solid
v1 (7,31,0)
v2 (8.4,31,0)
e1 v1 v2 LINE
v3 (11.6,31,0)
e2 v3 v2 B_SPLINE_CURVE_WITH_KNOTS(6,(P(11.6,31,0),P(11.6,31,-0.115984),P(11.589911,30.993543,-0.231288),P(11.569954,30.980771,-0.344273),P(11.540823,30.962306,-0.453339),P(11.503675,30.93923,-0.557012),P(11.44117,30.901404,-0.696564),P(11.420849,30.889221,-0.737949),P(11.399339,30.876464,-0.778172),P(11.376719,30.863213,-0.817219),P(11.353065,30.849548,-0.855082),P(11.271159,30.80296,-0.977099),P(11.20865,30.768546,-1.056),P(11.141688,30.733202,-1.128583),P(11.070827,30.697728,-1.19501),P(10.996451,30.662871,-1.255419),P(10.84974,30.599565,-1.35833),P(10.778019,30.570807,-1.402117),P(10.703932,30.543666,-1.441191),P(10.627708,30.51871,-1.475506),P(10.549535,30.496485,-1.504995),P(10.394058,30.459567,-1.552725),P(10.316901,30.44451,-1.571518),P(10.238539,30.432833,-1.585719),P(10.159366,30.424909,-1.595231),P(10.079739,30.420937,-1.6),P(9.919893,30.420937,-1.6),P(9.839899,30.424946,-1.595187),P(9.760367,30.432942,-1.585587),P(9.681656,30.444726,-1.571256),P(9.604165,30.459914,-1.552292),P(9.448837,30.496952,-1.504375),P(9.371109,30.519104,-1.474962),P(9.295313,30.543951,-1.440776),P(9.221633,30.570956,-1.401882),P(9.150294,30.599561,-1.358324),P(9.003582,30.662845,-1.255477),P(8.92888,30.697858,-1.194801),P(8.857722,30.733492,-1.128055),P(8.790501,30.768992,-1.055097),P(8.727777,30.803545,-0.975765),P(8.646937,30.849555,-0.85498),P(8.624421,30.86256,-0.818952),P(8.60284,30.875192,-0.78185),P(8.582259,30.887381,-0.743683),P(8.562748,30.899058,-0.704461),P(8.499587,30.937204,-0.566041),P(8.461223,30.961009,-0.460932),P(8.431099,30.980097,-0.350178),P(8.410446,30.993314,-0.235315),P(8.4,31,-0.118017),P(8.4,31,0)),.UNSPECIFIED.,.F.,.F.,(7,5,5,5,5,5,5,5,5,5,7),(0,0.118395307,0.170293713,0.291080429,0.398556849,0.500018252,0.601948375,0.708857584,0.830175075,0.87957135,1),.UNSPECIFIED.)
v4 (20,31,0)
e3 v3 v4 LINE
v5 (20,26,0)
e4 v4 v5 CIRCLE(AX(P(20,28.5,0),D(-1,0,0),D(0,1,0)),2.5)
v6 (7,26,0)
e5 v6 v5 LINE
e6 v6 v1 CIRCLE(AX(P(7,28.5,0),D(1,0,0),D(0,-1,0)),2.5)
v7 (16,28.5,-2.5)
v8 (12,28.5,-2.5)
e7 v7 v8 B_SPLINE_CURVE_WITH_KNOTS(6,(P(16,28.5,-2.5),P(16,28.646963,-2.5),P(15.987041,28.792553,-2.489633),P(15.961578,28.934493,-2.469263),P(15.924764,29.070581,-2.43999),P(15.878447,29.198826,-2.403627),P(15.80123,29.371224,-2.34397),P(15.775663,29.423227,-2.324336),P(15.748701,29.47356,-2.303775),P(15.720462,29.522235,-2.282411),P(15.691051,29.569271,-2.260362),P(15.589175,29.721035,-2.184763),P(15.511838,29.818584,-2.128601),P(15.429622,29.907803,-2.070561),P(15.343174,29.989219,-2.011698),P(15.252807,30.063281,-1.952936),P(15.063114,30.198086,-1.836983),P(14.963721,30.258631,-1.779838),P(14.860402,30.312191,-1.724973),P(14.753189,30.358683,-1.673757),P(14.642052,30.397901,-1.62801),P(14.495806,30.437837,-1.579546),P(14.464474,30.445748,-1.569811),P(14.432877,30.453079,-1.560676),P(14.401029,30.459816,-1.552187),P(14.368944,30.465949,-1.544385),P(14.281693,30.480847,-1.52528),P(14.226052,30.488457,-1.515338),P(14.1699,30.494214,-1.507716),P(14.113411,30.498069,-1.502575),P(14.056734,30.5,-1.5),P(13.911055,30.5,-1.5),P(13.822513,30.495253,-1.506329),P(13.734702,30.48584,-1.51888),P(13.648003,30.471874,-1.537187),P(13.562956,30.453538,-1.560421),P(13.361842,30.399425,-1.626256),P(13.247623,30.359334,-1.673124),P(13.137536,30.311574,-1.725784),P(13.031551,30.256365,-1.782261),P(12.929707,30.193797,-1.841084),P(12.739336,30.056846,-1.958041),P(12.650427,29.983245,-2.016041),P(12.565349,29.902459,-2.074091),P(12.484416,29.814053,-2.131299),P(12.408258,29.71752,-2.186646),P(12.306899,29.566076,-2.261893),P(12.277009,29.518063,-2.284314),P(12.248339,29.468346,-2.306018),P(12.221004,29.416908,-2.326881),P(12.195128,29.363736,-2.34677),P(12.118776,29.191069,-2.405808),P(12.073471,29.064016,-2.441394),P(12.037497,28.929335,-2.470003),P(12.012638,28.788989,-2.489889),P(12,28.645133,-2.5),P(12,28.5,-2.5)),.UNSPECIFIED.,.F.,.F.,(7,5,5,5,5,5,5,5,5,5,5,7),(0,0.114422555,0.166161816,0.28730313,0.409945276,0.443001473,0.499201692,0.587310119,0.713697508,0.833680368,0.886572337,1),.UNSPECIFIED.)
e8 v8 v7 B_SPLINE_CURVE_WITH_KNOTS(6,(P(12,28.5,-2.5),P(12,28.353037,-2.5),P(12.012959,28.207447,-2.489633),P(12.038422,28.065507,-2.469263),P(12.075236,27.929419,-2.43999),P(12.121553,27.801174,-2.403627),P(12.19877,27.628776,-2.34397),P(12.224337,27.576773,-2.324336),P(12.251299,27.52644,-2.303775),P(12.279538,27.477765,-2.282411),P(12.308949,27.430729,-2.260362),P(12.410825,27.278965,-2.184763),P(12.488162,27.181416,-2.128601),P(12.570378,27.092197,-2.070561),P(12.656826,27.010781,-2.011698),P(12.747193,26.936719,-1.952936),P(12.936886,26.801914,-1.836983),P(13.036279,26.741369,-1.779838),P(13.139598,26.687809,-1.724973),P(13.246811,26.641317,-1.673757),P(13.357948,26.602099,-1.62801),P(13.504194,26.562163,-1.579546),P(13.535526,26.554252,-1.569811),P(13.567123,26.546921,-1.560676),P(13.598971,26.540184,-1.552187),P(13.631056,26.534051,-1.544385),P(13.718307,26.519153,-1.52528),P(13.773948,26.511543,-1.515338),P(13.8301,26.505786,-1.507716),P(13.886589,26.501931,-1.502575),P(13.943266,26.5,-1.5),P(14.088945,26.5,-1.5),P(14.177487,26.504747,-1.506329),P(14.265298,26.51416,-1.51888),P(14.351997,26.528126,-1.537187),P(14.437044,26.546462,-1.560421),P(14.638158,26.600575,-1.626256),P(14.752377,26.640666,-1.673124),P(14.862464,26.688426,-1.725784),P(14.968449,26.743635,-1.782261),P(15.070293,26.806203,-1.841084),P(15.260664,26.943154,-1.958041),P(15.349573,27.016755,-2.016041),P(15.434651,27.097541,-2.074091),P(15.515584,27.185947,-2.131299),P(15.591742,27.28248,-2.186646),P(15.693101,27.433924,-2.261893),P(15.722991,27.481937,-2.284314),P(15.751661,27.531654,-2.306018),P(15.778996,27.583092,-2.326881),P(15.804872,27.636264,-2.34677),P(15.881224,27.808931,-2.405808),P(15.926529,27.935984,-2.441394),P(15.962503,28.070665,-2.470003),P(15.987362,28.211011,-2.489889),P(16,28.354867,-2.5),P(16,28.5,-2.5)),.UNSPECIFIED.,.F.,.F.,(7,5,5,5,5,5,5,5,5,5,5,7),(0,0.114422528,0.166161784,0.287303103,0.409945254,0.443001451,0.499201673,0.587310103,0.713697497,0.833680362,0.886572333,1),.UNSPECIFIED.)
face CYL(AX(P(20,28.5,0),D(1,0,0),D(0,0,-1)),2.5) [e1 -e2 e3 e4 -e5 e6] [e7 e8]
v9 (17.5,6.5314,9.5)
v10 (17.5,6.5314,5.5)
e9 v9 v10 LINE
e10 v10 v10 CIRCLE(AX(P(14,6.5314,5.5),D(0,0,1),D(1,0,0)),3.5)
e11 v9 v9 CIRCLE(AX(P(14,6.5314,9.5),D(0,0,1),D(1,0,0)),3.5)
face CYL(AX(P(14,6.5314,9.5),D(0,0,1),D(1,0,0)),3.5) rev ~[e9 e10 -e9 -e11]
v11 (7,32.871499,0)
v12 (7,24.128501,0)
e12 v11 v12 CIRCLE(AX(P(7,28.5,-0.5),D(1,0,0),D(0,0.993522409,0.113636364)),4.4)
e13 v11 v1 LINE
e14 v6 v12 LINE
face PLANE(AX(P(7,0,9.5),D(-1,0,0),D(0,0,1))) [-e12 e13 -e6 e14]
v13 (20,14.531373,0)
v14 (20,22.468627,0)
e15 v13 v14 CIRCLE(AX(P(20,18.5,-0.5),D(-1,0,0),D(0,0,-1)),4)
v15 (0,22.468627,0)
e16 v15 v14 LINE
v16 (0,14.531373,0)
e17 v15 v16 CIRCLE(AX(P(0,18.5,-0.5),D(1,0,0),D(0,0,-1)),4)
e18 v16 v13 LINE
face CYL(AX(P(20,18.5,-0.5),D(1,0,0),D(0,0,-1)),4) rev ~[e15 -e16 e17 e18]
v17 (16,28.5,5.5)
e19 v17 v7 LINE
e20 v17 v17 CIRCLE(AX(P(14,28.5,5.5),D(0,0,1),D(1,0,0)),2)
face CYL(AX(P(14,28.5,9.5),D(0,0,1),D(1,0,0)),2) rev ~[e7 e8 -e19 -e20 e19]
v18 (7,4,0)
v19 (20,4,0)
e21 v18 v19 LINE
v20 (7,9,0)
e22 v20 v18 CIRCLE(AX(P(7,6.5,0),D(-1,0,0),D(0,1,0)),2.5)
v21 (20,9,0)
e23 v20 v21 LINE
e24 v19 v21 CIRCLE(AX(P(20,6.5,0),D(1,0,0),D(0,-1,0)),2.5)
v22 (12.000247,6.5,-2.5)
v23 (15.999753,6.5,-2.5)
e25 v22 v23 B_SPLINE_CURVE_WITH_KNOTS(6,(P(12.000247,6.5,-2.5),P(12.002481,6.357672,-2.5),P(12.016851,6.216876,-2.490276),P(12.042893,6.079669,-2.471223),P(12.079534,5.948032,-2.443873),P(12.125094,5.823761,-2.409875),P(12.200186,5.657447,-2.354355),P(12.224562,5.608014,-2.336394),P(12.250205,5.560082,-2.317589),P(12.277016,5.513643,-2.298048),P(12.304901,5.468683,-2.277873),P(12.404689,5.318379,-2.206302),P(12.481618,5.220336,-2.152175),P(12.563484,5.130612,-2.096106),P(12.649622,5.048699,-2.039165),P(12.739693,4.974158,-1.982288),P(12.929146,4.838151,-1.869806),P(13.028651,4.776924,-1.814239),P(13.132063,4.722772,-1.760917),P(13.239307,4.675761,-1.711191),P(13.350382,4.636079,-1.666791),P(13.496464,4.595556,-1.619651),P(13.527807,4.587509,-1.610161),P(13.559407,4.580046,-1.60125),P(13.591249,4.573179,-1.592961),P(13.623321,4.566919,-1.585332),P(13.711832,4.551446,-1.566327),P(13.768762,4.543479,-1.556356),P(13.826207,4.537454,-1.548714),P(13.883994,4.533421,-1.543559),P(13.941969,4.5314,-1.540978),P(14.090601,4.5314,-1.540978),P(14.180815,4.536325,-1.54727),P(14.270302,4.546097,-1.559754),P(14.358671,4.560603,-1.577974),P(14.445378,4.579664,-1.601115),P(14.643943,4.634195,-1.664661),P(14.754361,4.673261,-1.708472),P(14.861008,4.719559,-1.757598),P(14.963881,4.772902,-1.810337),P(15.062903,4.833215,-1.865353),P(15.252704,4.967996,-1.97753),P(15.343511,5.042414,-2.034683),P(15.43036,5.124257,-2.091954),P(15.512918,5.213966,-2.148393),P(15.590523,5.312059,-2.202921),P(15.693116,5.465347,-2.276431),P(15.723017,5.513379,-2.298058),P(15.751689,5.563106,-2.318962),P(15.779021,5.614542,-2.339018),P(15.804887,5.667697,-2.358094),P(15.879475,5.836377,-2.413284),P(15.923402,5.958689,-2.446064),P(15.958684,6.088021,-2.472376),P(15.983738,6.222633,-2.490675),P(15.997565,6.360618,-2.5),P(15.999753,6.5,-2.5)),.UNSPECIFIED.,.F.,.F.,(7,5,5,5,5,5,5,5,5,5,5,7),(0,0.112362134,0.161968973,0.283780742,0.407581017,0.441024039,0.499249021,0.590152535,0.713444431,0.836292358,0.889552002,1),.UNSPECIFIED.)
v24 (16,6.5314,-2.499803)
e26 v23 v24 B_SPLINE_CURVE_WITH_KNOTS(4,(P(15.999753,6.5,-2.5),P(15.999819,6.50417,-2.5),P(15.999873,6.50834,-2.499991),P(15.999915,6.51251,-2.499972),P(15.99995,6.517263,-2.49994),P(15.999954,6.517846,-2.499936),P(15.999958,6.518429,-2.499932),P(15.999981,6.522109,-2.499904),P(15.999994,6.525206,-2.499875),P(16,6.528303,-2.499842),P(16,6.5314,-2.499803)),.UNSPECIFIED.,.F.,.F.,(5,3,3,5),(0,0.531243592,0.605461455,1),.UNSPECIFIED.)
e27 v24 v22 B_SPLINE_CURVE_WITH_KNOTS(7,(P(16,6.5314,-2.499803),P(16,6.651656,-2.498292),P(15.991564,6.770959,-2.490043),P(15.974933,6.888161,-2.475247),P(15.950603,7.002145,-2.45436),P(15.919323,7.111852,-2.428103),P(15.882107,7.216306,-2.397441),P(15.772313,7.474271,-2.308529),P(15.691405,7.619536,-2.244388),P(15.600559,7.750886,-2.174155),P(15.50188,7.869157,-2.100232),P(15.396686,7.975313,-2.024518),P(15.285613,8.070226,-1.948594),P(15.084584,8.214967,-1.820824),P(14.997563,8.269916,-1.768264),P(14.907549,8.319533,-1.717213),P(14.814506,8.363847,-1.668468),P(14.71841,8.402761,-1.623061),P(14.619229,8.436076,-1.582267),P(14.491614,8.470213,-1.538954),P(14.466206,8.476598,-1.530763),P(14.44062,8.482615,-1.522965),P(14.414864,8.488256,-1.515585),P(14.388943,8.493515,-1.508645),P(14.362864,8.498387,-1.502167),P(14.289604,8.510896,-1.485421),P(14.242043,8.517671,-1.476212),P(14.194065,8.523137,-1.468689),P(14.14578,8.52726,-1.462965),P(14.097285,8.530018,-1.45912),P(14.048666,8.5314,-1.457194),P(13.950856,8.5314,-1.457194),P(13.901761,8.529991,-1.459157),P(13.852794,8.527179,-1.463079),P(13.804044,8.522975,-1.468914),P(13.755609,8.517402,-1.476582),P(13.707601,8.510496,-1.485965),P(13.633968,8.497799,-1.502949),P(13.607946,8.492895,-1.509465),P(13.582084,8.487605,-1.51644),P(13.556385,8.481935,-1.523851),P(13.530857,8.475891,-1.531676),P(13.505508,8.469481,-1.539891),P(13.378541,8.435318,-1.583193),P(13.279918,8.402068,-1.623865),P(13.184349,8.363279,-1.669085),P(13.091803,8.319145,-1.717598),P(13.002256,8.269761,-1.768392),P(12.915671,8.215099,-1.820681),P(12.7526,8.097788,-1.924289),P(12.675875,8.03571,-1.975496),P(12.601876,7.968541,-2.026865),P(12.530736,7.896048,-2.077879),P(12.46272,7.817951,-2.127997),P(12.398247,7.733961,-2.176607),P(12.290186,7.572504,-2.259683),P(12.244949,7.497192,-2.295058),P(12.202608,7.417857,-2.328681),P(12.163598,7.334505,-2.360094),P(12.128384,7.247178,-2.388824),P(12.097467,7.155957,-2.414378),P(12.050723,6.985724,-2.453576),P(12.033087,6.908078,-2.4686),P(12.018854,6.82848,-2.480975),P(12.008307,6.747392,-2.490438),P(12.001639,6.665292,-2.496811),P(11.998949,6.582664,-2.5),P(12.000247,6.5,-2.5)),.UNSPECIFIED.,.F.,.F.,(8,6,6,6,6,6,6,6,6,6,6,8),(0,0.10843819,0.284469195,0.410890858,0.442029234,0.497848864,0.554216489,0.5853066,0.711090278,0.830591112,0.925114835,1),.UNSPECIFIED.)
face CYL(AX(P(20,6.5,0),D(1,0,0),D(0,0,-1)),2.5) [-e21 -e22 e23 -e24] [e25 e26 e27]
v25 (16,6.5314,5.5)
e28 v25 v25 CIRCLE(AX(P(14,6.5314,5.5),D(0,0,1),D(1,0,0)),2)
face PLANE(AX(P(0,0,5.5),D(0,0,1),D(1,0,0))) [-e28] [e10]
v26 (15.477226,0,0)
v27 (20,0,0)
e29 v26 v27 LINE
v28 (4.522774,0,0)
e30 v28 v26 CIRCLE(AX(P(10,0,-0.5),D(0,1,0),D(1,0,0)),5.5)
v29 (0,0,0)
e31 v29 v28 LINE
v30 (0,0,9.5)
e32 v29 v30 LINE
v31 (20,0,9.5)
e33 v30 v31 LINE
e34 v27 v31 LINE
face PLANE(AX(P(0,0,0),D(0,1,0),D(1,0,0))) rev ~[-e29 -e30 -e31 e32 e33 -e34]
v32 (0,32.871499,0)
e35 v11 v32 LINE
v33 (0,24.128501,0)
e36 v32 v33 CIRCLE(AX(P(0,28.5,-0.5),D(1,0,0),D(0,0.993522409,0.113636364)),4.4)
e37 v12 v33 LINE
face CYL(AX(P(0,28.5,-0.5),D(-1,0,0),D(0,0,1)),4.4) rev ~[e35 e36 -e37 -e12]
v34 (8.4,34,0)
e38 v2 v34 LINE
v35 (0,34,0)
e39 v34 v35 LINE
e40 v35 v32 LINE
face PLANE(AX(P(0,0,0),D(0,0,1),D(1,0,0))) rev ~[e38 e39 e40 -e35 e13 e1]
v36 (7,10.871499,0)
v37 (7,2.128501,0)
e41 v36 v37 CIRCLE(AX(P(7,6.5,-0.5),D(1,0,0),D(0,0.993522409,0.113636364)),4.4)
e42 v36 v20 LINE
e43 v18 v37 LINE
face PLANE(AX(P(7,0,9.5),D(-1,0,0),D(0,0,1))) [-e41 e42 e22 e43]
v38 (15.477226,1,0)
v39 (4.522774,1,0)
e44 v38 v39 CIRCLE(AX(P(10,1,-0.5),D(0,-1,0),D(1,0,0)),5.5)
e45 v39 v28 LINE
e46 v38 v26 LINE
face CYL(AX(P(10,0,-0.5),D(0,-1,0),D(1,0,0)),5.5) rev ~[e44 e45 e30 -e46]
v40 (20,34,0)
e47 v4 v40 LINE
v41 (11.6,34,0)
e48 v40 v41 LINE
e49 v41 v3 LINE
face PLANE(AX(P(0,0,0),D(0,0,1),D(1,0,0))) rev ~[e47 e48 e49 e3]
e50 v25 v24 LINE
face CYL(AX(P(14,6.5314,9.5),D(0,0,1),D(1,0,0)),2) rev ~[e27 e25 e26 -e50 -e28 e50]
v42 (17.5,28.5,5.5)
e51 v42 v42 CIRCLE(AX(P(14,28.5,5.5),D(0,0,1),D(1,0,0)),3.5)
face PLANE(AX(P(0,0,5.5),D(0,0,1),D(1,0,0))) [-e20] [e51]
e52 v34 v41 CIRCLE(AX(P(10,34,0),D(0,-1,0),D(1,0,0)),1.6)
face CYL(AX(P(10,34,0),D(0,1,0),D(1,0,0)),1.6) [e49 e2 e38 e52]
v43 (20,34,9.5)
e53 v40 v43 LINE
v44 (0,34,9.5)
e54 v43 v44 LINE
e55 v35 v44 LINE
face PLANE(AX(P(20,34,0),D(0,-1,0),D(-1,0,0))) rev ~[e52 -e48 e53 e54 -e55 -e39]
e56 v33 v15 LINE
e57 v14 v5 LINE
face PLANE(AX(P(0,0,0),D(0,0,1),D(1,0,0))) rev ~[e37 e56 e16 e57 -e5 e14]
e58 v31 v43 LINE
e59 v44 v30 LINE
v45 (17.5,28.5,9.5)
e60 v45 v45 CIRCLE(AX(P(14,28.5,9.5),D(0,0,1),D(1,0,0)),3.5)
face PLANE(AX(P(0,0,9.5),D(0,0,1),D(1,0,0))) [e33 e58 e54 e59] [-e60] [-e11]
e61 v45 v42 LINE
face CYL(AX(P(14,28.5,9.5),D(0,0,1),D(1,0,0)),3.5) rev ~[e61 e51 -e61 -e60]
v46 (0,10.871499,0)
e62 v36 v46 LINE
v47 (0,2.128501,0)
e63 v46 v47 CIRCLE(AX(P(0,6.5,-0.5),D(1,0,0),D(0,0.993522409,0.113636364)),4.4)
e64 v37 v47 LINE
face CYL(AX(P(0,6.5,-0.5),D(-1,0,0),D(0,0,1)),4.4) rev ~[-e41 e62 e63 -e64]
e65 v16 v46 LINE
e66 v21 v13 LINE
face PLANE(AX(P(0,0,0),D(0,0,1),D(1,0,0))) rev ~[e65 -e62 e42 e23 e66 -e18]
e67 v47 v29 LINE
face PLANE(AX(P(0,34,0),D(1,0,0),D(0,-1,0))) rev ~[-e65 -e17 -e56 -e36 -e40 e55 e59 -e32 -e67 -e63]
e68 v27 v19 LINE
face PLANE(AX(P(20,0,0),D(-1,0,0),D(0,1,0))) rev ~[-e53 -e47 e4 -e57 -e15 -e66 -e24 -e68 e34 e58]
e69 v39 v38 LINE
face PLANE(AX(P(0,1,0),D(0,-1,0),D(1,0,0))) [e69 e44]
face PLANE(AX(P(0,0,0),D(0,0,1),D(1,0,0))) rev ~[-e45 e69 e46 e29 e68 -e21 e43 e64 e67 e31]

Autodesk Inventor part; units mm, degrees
ref_plane "YZ Plane" through (0, 0, 0) normal (1, 0, 0) x (0, 1, 0)
ref_plane "XZ Plane" through (0, 0, 0) normal (0, 1, 0) x (-1, 0, 0)
ref_plane "XY Plane" through (0, 0, 0) normal (0, 0, 1) x (1, 0, 0)
sketch "Sketch1" plane through (0, 0, 0) normal (0, 0, 1) x (1, 0, 0)
  line L0 (0, 0) -> (20, 0)
  line L1 (20, 0) -> (20, 34)
  line L2 (20, 34) -> (0, 34)
  line L3 (0, 34) -> (0, 0)
  dimension "d0" = 20
  dimension "d1" = 34
extrude "Extrusion1" add sketch "Sketch1" along normal blind 9.5
sketch "Sketch2" plane through (20, 0, 0) normal (1, 0, 0) x (0, 0, -1)
  line L0 (0, 0) -> (0, 34) projected
  circle A0 centre (0.5, 18.5) radius 4
  dimension "d4" = 8
  dimension "d11" = 0.5
  dimension "d26" = 18.5
extrude "Extrusion2" cut sketch "Sketch2" against normal up to next
sketch "Sketch3" plane through (0, 0, 9.5) normal (-1, 0, 0) x (0, 0, 1)
  line L0 (-9.5, 14.5314) -> (-9.5, 0) projected
  line L1 (-9.5, 34) -> (-9.5, 22.4686) projected
  circle A0 centre (-10, 6.5) radius 4.4
  circle A1 centre (-10, 28.5) radius 4.4
  arc A2 (-9.5, 14.5314) -> (-9.5, 22.4686) centre (-10, 18.5) ccw projected
  dimension "d7" = 8.8
  dimension "d8" = 8.8
  dimension "d9" = 0.5
  dimension "d10" = 0.5
  dimension "d64" = 10
  dimension "d65" = 12
extrude "Extrusion3" cut sketch "Sketch3" against normal blind 7
sketch "Sketch7" plane through (20, 0, 9.5) normal (1, 0, 0) x (0, 0, -1)
  line L0 (9.5, 22.4686) -> (9.5, 34) projected
  circle A0 centre (9.5, 28.5) radius 2.5
  line L1 (9.5, 2.1285) -> (9.5, 14.5314) projected
  circle A1 centre (9.5, 6.5) radius 2.5
  arc A2 (9.5, 22.4686) -> (9.5, 14.5314) centre (10, 18.5) ccw projected
  dimension "d33" = 5
  dimension "d34" = 5
  dimension "d61" = 10
  dimension "d62" = 12
extrude "Extrusion7" add sketch "Sketch7" against normal up to surface (13 mm away)
sketch "Sketch8" plane through (0, 0, 9.5) normal (0, 0, 1) x (1, 0, 0)
  line L0 (20, 34) -> (0, 34) projected
  line L1 (0, 34) -> (0, 0) projected
  circle A0 centre (14, 28.5) radius 2
  circle A1 centre (14, 6.5314) radius 2
  line L2 (20, 22.4686) -> (20, 14.5314) projected
  line L3 (20, 22.4686) -> (0, 22.4686) projected
  line L4 (20, 14.5314) -> (20, 22.4686) projected
  line L5 (0, 14.5314) -> (20, 14.5314) projected
  line L6 (0, 22.4686) -> (0, 14.5314) projected
  dimension "d39" = 4
  dimension "d40" = 4
  dimension "d42" = 5.5
  dimension "d43" = 14
  dimension "d66" = 8
extrude "Extrusion8" cut sketch "Sketch8" against normal up to next contours A0 | A1
sketch "Sketch9" plane through (0, 34, 0) normal (0, 1, 0) x (1, 0, 0)
  line L0 (20, 0) -> (0, 0) projected
  line L1 (20, 0) -> (20, -9.5) projected
  circle A0 centre (10, 0) radius 1.6
  dimension "d48" = 3.2
  dimension "d49" = 10
extrude "Extrusion9" add sketch "Sketch9" against normal blind 6
sketch "Sketch10" plane through (0, 0, 9.5) normal (0, 0, 1) x (1, 0, 0)
  circle A0 centre (14, 28.5) radius 2 projected
  circle A1 centre (14, 6.5314) radius 2 projected
  circle A2 centre (14, 28.5) radius 3.5
  circle A3 centre (14, 6.5314) radius 3.5
  dimension "d52" = 7
  dimension "d53" = 7
extrude "Extrusion10" cut sketch "Sketch10" against normal blind 4
sketch "Sketch11" plane through (0, 0, 0) normal (0, -1, 0) x (1, 0, 0)
  line L0 (0, 0) -> (20, 0) projected
  line L1 (0, 0) -> (0, 9.5) projected
  circle A0 centre (10, -0.5) radius 5.5
  dimension "d56" = 11
  dimension "d57" = 10
  dimension "d58" = 0.5
extrude "Extrusion11" cut sketch "Sketch11" against normal blind 1
properties part number "YAxisIdlerCap" material "ABS Plastic"
